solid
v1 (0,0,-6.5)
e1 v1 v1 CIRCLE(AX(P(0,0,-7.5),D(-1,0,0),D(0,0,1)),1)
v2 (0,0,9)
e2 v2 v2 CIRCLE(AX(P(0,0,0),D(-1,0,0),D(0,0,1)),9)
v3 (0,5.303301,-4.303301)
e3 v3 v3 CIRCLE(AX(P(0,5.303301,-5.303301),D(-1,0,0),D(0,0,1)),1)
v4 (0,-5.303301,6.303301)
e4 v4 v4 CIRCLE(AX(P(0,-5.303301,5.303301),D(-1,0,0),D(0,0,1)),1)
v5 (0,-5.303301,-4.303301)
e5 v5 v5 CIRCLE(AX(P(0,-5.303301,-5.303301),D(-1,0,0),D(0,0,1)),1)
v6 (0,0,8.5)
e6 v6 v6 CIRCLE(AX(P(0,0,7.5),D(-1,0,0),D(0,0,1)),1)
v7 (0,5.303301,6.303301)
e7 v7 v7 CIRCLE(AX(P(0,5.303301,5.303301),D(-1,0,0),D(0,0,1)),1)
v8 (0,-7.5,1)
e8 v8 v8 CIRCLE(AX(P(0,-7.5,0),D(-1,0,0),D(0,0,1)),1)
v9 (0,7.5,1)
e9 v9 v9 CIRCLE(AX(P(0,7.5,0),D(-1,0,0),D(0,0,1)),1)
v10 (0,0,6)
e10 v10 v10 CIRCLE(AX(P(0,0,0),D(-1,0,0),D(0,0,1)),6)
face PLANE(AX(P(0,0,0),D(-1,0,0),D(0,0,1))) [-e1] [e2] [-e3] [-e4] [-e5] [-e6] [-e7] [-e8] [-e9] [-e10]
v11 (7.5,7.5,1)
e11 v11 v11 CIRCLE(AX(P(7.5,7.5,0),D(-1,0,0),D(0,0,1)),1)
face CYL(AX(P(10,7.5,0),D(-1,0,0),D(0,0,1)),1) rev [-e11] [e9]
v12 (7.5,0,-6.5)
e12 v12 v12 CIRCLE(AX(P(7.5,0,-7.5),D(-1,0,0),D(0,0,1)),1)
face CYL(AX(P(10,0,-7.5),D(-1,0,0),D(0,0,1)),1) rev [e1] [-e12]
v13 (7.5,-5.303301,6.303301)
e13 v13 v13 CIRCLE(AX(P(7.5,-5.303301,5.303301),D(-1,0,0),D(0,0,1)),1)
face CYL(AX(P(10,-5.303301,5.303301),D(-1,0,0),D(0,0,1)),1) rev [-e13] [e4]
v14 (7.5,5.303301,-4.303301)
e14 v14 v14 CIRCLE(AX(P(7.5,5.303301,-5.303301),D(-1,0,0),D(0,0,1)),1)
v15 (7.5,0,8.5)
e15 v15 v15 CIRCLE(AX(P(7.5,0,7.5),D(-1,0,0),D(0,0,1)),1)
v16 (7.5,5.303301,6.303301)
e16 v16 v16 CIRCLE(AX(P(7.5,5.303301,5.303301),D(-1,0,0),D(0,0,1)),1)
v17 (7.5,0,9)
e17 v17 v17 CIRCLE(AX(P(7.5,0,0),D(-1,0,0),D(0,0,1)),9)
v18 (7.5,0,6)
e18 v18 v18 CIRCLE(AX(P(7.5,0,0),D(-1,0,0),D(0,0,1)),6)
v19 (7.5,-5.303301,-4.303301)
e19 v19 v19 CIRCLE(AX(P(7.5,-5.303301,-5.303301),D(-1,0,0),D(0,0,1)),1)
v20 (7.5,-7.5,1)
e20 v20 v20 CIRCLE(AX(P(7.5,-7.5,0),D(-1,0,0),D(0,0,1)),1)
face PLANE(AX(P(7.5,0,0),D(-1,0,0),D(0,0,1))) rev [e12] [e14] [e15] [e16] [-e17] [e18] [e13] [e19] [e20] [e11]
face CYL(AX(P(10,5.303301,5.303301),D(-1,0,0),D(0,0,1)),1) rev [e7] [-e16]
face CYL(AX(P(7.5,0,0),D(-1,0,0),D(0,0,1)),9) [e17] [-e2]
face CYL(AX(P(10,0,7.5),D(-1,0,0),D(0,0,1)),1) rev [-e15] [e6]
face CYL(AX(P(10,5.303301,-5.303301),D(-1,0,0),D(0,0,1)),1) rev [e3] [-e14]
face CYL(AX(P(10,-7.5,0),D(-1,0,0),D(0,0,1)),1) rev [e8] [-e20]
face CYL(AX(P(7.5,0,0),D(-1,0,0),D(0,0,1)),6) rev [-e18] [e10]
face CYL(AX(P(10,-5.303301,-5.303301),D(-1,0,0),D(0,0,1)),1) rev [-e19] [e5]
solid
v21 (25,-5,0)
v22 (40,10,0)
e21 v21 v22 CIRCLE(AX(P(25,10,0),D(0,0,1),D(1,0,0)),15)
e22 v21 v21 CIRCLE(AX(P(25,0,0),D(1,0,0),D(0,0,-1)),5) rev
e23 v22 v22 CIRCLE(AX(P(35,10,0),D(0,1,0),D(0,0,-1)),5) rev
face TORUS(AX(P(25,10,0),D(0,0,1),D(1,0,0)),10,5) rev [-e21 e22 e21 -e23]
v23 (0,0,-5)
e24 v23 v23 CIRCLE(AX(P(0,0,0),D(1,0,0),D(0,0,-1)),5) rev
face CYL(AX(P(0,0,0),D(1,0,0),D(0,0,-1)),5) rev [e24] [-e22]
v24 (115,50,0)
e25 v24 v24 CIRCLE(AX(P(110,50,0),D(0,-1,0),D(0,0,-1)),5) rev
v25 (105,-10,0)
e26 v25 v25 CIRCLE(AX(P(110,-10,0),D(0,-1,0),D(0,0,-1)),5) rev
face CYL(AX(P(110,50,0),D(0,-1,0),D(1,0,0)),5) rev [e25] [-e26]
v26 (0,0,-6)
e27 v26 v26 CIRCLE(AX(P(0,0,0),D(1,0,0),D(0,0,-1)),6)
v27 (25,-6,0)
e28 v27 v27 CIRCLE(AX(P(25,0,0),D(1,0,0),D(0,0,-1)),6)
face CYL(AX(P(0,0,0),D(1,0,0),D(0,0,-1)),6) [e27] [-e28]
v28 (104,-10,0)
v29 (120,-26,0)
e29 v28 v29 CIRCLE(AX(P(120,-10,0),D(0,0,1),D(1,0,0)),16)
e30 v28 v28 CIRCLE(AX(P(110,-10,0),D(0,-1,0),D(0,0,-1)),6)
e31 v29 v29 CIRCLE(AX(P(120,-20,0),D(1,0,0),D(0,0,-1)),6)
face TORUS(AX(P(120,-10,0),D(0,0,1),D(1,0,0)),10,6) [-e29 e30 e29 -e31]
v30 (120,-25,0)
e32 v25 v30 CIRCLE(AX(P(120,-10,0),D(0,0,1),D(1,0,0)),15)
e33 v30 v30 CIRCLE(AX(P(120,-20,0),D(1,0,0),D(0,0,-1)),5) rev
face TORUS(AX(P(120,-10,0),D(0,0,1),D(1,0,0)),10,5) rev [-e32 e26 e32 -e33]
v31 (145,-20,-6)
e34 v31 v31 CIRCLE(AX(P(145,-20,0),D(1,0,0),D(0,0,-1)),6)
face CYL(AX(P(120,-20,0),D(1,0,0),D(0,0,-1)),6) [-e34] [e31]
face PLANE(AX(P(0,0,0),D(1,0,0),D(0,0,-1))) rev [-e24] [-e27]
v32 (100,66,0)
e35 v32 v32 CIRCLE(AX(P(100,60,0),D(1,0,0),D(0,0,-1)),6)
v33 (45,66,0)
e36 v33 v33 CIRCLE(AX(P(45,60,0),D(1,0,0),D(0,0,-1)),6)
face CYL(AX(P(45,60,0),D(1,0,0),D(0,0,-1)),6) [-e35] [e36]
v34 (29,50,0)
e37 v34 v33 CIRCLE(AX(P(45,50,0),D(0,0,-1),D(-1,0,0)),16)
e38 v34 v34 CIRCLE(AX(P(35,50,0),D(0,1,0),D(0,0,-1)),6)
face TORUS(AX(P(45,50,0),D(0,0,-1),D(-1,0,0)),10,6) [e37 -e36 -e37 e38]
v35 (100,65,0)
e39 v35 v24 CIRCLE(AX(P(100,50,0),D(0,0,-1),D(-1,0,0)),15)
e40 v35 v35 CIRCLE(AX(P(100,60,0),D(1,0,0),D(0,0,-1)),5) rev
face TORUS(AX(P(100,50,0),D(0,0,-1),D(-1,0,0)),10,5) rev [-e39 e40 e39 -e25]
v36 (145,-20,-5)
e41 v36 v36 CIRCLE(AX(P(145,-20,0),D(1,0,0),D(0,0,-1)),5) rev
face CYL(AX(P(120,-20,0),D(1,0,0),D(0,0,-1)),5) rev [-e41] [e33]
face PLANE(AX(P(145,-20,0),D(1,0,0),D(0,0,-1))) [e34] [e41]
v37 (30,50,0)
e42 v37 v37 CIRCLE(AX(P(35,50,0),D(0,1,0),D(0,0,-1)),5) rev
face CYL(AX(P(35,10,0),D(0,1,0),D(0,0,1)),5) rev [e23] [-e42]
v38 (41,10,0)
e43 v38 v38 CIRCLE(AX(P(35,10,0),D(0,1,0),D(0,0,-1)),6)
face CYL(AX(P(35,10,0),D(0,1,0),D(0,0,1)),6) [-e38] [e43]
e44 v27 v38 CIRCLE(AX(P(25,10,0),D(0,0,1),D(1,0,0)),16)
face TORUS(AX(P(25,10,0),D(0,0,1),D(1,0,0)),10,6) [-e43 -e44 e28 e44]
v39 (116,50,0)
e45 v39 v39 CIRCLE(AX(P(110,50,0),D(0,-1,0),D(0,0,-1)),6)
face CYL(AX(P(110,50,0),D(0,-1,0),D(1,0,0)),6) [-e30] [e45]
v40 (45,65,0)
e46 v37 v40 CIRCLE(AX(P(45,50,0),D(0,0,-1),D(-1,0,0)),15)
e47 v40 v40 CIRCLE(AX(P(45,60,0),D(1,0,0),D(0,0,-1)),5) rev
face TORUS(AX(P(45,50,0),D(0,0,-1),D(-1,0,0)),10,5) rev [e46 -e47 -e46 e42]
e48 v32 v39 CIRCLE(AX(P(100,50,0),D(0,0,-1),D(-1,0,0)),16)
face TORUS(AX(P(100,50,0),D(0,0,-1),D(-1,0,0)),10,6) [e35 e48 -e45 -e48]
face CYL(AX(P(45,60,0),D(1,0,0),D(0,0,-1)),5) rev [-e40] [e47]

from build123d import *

# Parameters (mm, degrees)
SKETCH2_R           = 6
SKETCH2_R_2         = 5
SKETCH3_R           = 9
SKETCH3_R_2         = 6
BOSS_EXTRUDE1_DEPTH = 7.5
SKETCH4_R           = 1
CUT_EXTRUDE1_DEPTH  = 10


with BuildPart() as part:
    # Sweep1: sweep along a path in Sketch1
    with BuildLine(Plane.XY) as sweep1_path:
        Line((0, 0), (25, 0))
        ThreePointArc((25, 0), (32.071067812, 2.928932188), (35, 10))
        Line((35, 10), (35, 50))
        ThreePointArc((35, 50), (37.928932188, 57.071067812), (45, 60))
        Line((45, 60), (100, 60))
        ThreePointArc((100, 60), (107.071067812, 57.071067812), (110, 50))
        Line((110, 50), (110, -10))
        ThreePointArc((110, -10), (112.928932188, -17.071067812), (120, -20))
        Line((120, -20), (145, -20))
    # Sketch2 → Sweep1 (sweep)
    with BuildSketch(Plane(origin=(0, 0, 0), x_dir=(0, 0, -1), z_dir=(1, 0, 0))):
        Circle(SKETCH2_R)
        Circle(SKETCH2_R_2, mode=Mode.SUBTRACT)
    sweep(path=sweep1_path.line)


with BuildPart() as body_2:
    # Sketch3 → Boss-Extrude1 (new body)
    with BuildSketch(Plane.ZY):
        Circle(SKETCH3_R)
        Circle(SKETCH3_R_2, mode=Mode.SUBTRACT)
    extrude(amount=-BOSS_EXTRUDE1_DEPTH)

    # Sketch4 → Cut-Extrude1 (cut)
    with BuildSketch(Plane.ZY):
        with Locations((0, 7.5)):
            Circle(SKETCH4_R)
        with Locations((5.303300859, 5.303300859)):
            Circle(SKETCH4_R)
        with Locations((7.5, 0)):
            Circle(SKETCH4_R)
        with Locations((5.303300859, -5.303300859)):
            Circle(SKETCH4_R)
        with Locations((0, -7.5)):
            Circle(SKETCH4_R)
        with Locations((-5.303300859, -5.303300859)):
            Circle(SKETCH4_R)
        with Locations((-7.5, 0)):
            Circle(SKETCH4_R)
        with Locations((-5.303300859, 5.303300859)):
            Circle(SKETCH4_R)
    extrude(amount=-CUT_EXTRUDE1_DEPTH, mode=Mode.SUBTRACT)


solid = Compound([part.part, body_2.part])
